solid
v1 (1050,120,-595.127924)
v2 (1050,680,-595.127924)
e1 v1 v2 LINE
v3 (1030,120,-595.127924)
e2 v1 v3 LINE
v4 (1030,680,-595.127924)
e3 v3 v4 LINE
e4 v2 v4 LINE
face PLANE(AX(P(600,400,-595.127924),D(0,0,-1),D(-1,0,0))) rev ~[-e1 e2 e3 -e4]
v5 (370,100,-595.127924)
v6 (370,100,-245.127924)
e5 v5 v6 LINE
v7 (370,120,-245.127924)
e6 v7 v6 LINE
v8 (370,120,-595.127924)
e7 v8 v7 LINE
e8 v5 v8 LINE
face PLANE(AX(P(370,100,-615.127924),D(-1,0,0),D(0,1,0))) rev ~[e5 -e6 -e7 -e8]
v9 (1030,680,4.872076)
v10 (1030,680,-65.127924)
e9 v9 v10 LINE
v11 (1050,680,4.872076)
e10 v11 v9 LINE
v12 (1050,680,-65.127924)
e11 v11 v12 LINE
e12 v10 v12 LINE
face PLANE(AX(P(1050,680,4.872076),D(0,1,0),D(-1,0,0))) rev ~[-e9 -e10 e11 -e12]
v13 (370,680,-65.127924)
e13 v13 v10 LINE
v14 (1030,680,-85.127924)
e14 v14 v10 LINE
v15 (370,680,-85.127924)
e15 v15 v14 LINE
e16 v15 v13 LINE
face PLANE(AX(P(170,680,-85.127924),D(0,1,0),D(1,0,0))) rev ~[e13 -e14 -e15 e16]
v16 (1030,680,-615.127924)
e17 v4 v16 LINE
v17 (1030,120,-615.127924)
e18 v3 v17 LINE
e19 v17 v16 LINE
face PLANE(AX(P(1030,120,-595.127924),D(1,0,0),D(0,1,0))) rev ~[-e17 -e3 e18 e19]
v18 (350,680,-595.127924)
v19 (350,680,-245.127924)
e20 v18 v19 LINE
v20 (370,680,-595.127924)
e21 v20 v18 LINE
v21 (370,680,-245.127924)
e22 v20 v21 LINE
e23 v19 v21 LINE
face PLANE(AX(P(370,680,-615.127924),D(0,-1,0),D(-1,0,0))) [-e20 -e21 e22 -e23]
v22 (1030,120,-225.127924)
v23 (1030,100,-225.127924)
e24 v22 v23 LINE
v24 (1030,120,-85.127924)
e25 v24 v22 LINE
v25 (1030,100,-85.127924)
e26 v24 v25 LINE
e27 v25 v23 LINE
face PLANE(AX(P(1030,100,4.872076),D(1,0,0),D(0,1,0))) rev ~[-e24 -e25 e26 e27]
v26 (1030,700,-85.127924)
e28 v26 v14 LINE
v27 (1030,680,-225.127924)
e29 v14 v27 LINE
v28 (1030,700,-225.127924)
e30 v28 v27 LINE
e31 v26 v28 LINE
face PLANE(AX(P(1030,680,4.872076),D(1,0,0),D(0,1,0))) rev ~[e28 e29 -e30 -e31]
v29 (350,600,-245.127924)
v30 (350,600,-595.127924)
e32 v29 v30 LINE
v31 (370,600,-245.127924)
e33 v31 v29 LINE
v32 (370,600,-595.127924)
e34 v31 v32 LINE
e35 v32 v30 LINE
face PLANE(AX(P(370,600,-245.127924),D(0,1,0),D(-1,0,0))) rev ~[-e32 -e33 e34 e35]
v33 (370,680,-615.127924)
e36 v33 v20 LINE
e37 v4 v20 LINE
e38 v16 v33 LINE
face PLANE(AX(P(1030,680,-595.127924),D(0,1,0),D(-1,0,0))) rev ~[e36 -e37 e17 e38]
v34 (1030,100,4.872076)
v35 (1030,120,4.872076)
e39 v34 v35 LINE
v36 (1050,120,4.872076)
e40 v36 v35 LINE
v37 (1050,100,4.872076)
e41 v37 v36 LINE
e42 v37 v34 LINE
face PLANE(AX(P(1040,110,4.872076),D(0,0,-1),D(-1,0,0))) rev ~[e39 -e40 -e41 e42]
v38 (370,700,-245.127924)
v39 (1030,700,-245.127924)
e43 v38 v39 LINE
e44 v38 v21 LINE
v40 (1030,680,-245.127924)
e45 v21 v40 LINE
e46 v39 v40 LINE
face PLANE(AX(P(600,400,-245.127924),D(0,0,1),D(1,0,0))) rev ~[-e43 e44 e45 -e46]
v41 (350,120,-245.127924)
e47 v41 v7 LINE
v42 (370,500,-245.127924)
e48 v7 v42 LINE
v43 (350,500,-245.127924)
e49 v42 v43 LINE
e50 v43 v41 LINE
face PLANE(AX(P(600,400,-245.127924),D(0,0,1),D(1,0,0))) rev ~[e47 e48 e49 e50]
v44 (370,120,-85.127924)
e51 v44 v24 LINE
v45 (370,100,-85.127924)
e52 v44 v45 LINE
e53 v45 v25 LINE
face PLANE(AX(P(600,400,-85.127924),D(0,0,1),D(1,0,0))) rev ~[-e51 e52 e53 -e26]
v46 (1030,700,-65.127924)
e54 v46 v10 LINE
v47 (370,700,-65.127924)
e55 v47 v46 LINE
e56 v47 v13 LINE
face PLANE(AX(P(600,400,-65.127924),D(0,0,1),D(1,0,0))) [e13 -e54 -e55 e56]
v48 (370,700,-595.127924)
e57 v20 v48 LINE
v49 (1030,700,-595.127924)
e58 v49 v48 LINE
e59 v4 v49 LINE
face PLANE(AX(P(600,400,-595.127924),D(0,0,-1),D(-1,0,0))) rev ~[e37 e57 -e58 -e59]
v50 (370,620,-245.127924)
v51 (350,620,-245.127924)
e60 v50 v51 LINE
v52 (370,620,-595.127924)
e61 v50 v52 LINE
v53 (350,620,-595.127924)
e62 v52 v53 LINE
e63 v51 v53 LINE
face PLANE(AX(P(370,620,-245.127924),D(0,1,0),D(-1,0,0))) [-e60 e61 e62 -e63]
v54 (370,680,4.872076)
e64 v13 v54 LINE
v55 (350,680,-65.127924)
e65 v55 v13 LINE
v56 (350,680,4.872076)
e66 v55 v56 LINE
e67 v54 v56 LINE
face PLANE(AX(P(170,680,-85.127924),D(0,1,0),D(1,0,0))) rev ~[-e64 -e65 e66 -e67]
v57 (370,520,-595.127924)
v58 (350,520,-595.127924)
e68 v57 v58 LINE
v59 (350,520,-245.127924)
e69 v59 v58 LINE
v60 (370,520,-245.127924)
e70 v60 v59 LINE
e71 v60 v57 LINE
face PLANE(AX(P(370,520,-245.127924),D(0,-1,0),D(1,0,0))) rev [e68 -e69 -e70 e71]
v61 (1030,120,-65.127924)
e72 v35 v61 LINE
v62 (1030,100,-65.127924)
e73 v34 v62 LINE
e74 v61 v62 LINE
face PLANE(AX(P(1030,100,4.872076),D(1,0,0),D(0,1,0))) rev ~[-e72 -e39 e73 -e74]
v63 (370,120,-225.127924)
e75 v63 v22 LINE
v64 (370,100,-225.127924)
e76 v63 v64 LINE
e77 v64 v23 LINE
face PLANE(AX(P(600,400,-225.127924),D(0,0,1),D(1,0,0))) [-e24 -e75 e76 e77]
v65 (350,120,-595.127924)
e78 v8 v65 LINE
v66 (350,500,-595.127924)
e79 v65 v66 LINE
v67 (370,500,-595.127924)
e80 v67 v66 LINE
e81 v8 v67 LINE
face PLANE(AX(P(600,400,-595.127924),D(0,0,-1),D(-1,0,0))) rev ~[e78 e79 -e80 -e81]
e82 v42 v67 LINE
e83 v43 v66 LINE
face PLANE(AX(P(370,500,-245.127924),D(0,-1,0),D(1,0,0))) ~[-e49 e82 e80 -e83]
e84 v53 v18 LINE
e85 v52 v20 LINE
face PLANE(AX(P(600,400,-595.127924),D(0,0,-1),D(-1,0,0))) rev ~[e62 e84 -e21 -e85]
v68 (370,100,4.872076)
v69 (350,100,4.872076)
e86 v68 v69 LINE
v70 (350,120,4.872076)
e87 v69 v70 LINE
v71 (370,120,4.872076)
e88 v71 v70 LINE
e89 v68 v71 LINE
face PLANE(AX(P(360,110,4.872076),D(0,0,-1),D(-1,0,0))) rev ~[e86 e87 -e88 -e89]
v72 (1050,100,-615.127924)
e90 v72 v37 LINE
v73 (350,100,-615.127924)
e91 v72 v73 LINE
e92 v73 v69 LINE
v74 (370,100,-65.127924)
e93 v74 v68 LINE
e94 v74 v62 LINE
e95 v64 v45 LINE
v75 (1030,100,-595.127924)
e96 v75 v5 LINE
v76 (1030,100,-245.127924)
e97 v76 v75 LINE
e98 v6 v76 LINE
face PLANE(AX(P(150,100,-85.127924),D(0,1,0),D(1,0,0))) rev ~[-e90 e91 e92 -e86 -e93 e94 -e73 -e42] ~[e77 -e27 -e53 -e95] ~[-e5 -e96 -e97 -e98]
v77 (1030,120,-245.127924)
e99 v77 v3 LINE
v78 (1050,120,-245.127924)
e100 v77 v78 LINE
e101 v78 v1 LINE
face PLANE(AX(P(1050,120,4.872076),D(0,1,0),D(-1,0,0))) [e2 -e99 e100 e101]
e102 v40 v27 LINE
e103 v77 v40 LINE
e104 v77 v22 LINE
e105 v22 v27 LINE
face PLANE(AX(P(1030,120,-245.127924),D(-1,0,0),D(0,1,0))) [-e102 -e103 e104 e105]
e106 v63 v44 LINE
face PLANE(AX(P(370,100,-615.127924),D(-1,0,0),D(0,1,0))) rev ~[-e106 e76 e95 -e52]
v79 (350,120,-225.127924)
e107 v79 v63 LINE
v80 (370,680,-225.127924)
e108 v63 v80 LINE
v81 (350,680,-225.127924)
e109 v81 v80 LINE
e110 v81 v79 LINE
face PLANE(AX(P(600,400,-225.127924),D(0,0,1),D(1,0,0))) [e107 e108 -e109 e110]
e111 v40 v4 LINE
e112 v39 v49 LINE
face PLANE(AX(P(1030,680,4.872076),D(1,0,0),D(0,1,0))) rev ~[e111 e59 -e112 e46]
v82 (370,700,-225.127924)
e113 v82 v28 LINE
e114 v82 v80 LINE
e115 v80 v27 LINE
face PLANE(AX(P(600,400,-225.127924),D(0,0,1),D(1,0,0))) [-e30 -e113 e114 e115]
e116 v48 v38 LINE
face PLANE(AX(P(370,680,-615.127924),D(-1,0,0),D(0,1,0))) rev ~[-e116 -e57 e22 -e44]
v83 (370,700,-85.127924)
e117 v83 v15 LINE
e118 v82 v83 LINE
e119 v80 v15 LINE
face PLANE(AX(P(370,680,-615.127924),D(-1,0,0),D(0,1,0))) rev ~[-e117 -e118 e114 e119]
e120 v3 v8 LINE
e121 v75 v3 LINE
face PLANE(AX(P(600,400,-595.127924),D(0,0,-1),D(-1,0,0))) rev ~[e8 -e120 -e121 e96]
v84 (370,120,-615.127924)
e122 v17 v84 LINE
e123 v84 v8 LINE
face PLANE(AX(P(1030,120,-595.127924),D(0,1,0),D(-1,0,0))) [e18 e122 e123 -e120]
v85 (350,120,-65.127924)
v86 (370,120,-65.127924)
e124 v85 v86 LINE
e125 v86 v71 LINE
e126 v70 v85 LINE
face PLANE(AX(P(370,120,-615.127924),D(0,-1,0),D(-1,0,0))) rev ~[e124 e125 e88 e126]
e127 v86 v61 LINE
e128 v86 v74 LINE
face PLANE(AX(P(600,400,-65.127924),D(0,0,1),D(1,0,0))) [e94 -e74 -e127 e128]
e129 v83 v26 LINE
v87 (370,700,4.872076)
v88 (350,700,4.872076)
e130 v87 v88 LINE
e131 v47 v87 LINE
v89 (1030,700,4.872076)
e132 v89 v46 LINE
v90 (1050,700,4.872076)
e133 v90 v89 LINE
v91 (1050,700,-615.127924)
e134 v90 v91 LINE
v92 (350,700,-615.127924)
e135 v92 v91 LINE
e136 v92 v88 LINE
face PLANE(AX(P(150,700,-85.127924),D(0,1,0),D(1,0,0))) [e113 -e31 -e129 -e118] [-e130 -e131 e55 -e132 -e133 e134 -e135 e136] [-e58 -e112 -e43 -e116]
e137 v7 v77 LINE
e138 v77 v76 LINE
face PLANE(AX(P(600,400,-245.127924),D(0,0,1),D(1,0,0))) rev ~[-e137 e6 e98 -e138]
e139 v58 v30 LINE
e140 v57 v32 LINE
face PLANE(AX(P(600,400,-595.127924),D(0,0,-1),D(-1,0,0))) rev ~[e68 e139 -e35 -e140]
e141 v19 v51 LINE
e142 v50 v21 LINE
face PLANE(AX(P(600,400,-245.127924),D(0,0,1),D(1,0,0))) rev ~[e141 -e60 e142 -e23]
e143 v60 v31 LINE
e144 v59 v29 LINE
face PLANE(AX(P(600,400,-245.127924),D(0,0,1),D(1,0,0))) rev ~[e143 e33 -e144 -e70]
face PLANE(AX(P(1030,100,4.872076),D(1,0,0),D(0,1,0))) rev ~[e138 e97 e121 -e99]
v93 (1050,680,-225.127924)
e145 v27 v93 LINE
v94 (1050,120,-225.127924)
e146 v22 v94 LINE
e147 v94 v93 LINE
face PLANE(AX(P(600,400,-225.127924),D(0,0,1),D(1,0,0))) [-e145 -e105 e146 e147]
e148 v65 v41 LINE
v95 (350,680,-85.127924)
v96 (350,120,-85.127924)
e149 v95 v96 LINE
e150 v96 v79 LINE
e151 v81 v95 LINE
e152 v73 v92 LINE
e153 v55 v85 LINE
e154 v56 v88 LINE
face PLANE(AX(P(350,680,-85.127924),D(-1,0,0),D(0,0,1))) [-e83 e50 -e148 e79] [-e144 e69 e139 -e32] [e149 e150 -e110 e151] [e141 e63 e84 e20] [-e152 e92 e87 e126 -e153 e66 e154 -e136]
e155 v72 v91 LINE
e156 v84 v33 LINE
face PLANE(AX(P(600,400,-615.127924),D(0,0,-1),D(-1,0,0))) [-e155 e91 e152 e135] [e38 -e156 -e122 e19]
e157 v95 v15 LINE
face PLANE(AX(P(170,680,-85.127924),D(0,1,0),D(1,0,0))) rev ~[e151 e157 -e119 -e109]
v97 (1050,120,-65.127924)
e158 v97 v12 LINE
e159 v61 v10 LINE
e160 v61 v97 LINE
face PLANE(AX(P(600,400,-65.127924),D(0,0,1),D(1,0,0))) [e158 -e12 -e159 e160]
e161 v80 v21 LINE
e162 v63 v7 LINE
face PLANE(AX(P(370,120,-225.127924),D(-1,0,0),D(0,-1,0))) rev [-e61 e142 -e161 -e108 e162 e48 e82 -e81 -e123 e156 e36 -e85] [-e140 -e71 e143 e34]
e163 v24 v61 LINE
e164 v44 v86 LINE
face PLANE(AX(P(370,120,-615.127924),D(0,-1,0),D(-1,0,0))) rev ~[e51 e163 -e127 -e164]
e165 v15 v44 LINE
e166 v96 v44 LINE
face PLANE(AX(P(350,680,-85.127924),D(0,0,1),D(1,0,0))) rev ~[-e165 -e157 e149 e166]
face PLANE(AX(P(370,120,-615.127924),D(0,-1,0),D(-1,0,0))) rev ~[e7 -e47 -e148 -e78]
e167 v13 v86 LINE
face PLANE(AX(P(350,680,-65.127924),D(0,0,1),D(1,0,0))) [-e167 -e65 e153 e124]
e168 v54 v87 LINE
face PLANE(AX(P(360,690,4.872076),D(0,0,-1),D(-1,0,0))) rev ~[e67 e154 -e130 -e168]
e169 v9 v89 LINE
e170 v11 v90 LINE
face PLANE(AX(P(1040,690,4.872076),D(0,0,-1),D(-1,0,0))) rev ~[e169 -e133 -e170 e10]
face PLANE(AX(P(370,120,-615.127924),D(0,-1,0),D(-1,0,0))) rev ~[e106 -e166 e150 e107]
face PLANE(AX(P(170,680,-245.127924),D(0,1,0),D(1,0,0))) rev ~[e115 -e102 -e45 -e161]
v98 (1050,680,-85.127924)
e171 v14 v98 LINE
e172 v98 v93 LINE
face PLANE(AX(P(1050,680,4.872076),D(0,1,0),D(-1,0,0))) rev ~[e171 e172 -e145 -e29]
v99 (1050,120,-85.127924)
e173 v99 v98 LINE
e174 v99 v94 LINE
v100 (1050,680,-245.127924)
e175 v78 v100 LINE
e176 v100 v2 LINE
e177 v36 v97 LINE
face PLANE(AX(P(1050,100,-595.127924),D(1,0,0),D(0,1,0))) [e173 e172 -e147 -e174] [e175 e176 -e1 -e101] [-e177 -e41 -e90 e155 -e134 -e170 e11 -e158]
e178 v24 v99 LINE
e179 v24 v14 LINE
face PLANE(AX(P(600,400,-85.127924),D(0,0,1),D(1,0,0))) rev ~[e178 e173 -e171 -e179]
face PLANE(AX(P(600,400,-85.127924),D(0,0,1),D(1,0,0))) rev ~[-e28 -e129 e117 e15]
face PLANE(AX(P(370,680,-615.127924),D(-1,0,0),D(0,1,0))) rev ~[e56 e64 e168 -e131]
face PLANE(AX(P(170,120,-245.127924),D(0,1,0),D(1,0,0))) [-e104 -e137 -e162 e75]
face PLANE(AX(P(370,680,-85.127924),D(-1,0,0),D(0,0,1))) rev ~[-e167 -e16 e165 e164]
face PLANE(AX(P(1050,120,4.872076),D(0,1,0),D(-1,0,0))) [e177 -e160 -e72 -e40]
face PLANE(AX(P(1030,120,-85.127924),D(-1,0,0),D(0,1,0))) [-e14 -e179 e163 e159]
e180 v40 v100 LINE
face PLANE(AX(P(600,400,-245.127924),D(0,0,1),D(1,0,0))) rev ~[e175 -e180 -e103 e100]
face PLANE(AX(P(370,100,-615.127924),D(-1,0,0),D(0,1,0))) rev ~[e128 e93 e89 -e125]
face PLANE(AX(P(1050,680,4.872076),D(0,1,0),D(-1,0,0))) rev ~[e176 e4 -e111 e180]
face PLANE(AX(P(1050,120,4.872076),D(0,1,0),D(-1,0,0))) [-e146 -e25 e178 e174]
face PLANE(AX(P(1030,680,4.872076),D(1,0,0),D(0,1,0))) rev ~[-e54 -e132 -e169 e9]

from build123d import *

# Parameters (mm, degrees)
SKETCH8_W             = 20
SKETCH8_H             = 20
BOSS_EXTRUDE5_DEPTH   = 600
BOSS_EXTRUDE5_2_DEPTH = 600
SKETCH10_W            = 900
SKETCH10_H            = 600
SKETCH10_W_2          = 860
SKETCH10_H_2          = 560
BOSS_EXTRUDE6_DEPTH   = 20
SKETCH12_W            = 900
SKETCH12_H            = 600
SKETCH12_W_2          = 860
SKETCH12_H_2          = 560
BOSS_EXTRUDE7_DEPTH   = 20
SKETCH13_W            = 20
SKETCH13_H            = 560
BOSS_EXTRUDE8_DEPTH   = 20
SKETCH14_W            = 20
SKETCH14_H            = 20
BOSS_EXTRUDE9_DEPTH   = 350
SKETCH16_W            = 900
SKETCH16_H            = 600
SKETCH16_W_2          = 860
SKETCH16_H_2          = 560
BOSS_EXTRUDE10_DEPTH  = 20
SKETCH17_W            = 200
SKETCH17_H            = 620
CUT_EXTRUDE1_DEPTH    = 601
SKETCH18_W            = 20
SKETCH18_H            = 20
BOSS_EXTRUDE11_DEPTH  = 620
SKETCH19_W            = 20
SKETCH19_H            = 20
BOSS_EXTRUDE12_DEPTH  = 560


with BuildPart() as part:
    # Sketch8 → Boss-Extrude5 (new body)
    with BuildSketch(Plane(origin=(0, 0, 4.872076023), x_dir=(-1, 0, 0), z_dir=(0, 0, -1))):
        with Locations((-1040, 690)):
            Rectangle(SKETCH8_W, SKETCH8_H)
    extrude(amount=BOSS_EXTRUDE5_DEPTH)



with BuildPart() as body_2:
    # Sketch8 → Boss-Extrude5 2 (new body)
    with BuildSketch(Plane(origin=(0, 0, 4.872076023), x_dir=(-1, 0, 0), z_dir=(0, 0, -1))):
        with Locations((-1040, 110)):
            Rectangle(SKETCH8_W, SKETCH8_H)
    extrude(amount=BOSS_EXTRUDE5_2_DEPTH)


with BuildPart() as part_1:
    add(part.part)

    add(body_2.part)  # Boss-Extrude6 merges body 2
    # Sketch10 → Boss-Extrude6 (add)
    with BuildSketch(Plane(origin=(0, 0, -595.127923977), x_dir=(-1, 0, 0), z_dir=(0, 0, -1))):
        with Locations((-600, 400)):
            Rectangle(SKETCH10_W, SKETCH10_H)
        with Locations((-600, 400)):
            Rectangle(SKETCH10_W_2, SKETCH10_H_2, mode=Mode.SUBTRACT)
    extrude(amount=BOSS_EXTRUDE6_DEPTH)

    # Sketch12 → Boss-Extrude7 (add)
    with BuildSketch(Plane.XY.offset(-245.127923977)):
        with Locations((600, 400)):
            Rectangle(SKETCH12_W, SKETCH12_H)
        with Locations((600, 400)):
            Rectangle(SKETCH12_W_2, SKETCH12_H_2, mode=Mode.SUBTRACT)
    extrude(amount=BOSS_EXTRUDE7_DEPTH)

    # Sketch13 → Boss-Extrude8 (add)
    with BuildSketch(Plane(origin=(0, 0, -615.127923977), x_dir=(-1, 0, 0), z_dir=(0, 0, -1))):
        with Locations((-360, 400)):
            Rectangle(SKETCH13_W, SKETCH13_H)
    boss_extrude8 = extrude(amount=-BOSS_EXTRUDE8_DEPTH)

    # Mirror1: Boss-Extrude8 across plane
    add(boss_extrude8.mirror(Plane(origin=(0, 0, -420.127923977), x_dir=(1, 0, 0), z_dir=(0, 0, -1))))

    # Sketch14 → Boss-Extrude9 (add)
    with BuildSketch(Plane(origin=(0, 0, -245.127923977), x_dir=(-1, 0, 0), z_dir=(0, 0, -1))):
        with Locations((-360, 610)):
            Rectangle(SKETCH14_W, SKETCH14_H)
    boss_extrude9 = extrude(amount=BOSS_EXTRUDE9_DEPTH)

    # Mirror2: Boss-Extrude9 across plane
    add(boss_extrude9.mirror(Plane(origin=(0, 560, 0), x_dir=(0, 0, 1), z_dir=(0, -1, 0))))

    # Sketch16 → Boss-Extrude10 (add)
    with BuildSketch(Plane.XY.offset(-85.127923977)):
        with Locations((600, 400)):
            Rectangle(SKETCH16_W, SKETCH16_H)
        with Locations((600, 400)):
            Rectangle(SKETCH16_W_2, SKETCH16_H_2, mode=Mode.SUBTRACT)
    extrude(amount=BOSS_EXTRUDE10_DEPTH)

    # Sketch17 → Cut-Extrude1 (cut, through all)
    with BuildSketch(Plane(origin=(0, 700, 0), x_dir=(1, 0, 0), z_dir=(0, 1, 0))):
        with Locations((250, 305.127923977)):
            Rectangle(SKETCH17_W, SKETCH17_H)
    extrude(amount=-CUT_EXTRUDE1_DEPTH, mode=Mode.SUBTRACT)

    # Sketch18 → Boss-Extrude11 (add)
    with BuildSketch(Plane(origin=(0, 0, -615.127923977), x_dir=(-1, 0, 0), z_dir=(0, 0, -1))):
        with Locations((-360, 690)):
            Rectangle(SKETCH18_W, SKETCH18_H)
        with Locations((-360, 110)):
            Rectangle(SKETCH18_W, SKETCH18_H)
    extrude(amount=-BOSS_EXTRUDE11_DEPTH)

    # Sketch19 → Boss-Extrude12 (add)
    with BuildSketch(Plane.XZ.offset(-680)):
        with Locations((360, -75.127923977)):
            Rectangle(SKETCH19_W, SKETCH19_H)
    extrude(amount=BOSS_EXTRUDE12_DEPTH)


solid = part_1.part
